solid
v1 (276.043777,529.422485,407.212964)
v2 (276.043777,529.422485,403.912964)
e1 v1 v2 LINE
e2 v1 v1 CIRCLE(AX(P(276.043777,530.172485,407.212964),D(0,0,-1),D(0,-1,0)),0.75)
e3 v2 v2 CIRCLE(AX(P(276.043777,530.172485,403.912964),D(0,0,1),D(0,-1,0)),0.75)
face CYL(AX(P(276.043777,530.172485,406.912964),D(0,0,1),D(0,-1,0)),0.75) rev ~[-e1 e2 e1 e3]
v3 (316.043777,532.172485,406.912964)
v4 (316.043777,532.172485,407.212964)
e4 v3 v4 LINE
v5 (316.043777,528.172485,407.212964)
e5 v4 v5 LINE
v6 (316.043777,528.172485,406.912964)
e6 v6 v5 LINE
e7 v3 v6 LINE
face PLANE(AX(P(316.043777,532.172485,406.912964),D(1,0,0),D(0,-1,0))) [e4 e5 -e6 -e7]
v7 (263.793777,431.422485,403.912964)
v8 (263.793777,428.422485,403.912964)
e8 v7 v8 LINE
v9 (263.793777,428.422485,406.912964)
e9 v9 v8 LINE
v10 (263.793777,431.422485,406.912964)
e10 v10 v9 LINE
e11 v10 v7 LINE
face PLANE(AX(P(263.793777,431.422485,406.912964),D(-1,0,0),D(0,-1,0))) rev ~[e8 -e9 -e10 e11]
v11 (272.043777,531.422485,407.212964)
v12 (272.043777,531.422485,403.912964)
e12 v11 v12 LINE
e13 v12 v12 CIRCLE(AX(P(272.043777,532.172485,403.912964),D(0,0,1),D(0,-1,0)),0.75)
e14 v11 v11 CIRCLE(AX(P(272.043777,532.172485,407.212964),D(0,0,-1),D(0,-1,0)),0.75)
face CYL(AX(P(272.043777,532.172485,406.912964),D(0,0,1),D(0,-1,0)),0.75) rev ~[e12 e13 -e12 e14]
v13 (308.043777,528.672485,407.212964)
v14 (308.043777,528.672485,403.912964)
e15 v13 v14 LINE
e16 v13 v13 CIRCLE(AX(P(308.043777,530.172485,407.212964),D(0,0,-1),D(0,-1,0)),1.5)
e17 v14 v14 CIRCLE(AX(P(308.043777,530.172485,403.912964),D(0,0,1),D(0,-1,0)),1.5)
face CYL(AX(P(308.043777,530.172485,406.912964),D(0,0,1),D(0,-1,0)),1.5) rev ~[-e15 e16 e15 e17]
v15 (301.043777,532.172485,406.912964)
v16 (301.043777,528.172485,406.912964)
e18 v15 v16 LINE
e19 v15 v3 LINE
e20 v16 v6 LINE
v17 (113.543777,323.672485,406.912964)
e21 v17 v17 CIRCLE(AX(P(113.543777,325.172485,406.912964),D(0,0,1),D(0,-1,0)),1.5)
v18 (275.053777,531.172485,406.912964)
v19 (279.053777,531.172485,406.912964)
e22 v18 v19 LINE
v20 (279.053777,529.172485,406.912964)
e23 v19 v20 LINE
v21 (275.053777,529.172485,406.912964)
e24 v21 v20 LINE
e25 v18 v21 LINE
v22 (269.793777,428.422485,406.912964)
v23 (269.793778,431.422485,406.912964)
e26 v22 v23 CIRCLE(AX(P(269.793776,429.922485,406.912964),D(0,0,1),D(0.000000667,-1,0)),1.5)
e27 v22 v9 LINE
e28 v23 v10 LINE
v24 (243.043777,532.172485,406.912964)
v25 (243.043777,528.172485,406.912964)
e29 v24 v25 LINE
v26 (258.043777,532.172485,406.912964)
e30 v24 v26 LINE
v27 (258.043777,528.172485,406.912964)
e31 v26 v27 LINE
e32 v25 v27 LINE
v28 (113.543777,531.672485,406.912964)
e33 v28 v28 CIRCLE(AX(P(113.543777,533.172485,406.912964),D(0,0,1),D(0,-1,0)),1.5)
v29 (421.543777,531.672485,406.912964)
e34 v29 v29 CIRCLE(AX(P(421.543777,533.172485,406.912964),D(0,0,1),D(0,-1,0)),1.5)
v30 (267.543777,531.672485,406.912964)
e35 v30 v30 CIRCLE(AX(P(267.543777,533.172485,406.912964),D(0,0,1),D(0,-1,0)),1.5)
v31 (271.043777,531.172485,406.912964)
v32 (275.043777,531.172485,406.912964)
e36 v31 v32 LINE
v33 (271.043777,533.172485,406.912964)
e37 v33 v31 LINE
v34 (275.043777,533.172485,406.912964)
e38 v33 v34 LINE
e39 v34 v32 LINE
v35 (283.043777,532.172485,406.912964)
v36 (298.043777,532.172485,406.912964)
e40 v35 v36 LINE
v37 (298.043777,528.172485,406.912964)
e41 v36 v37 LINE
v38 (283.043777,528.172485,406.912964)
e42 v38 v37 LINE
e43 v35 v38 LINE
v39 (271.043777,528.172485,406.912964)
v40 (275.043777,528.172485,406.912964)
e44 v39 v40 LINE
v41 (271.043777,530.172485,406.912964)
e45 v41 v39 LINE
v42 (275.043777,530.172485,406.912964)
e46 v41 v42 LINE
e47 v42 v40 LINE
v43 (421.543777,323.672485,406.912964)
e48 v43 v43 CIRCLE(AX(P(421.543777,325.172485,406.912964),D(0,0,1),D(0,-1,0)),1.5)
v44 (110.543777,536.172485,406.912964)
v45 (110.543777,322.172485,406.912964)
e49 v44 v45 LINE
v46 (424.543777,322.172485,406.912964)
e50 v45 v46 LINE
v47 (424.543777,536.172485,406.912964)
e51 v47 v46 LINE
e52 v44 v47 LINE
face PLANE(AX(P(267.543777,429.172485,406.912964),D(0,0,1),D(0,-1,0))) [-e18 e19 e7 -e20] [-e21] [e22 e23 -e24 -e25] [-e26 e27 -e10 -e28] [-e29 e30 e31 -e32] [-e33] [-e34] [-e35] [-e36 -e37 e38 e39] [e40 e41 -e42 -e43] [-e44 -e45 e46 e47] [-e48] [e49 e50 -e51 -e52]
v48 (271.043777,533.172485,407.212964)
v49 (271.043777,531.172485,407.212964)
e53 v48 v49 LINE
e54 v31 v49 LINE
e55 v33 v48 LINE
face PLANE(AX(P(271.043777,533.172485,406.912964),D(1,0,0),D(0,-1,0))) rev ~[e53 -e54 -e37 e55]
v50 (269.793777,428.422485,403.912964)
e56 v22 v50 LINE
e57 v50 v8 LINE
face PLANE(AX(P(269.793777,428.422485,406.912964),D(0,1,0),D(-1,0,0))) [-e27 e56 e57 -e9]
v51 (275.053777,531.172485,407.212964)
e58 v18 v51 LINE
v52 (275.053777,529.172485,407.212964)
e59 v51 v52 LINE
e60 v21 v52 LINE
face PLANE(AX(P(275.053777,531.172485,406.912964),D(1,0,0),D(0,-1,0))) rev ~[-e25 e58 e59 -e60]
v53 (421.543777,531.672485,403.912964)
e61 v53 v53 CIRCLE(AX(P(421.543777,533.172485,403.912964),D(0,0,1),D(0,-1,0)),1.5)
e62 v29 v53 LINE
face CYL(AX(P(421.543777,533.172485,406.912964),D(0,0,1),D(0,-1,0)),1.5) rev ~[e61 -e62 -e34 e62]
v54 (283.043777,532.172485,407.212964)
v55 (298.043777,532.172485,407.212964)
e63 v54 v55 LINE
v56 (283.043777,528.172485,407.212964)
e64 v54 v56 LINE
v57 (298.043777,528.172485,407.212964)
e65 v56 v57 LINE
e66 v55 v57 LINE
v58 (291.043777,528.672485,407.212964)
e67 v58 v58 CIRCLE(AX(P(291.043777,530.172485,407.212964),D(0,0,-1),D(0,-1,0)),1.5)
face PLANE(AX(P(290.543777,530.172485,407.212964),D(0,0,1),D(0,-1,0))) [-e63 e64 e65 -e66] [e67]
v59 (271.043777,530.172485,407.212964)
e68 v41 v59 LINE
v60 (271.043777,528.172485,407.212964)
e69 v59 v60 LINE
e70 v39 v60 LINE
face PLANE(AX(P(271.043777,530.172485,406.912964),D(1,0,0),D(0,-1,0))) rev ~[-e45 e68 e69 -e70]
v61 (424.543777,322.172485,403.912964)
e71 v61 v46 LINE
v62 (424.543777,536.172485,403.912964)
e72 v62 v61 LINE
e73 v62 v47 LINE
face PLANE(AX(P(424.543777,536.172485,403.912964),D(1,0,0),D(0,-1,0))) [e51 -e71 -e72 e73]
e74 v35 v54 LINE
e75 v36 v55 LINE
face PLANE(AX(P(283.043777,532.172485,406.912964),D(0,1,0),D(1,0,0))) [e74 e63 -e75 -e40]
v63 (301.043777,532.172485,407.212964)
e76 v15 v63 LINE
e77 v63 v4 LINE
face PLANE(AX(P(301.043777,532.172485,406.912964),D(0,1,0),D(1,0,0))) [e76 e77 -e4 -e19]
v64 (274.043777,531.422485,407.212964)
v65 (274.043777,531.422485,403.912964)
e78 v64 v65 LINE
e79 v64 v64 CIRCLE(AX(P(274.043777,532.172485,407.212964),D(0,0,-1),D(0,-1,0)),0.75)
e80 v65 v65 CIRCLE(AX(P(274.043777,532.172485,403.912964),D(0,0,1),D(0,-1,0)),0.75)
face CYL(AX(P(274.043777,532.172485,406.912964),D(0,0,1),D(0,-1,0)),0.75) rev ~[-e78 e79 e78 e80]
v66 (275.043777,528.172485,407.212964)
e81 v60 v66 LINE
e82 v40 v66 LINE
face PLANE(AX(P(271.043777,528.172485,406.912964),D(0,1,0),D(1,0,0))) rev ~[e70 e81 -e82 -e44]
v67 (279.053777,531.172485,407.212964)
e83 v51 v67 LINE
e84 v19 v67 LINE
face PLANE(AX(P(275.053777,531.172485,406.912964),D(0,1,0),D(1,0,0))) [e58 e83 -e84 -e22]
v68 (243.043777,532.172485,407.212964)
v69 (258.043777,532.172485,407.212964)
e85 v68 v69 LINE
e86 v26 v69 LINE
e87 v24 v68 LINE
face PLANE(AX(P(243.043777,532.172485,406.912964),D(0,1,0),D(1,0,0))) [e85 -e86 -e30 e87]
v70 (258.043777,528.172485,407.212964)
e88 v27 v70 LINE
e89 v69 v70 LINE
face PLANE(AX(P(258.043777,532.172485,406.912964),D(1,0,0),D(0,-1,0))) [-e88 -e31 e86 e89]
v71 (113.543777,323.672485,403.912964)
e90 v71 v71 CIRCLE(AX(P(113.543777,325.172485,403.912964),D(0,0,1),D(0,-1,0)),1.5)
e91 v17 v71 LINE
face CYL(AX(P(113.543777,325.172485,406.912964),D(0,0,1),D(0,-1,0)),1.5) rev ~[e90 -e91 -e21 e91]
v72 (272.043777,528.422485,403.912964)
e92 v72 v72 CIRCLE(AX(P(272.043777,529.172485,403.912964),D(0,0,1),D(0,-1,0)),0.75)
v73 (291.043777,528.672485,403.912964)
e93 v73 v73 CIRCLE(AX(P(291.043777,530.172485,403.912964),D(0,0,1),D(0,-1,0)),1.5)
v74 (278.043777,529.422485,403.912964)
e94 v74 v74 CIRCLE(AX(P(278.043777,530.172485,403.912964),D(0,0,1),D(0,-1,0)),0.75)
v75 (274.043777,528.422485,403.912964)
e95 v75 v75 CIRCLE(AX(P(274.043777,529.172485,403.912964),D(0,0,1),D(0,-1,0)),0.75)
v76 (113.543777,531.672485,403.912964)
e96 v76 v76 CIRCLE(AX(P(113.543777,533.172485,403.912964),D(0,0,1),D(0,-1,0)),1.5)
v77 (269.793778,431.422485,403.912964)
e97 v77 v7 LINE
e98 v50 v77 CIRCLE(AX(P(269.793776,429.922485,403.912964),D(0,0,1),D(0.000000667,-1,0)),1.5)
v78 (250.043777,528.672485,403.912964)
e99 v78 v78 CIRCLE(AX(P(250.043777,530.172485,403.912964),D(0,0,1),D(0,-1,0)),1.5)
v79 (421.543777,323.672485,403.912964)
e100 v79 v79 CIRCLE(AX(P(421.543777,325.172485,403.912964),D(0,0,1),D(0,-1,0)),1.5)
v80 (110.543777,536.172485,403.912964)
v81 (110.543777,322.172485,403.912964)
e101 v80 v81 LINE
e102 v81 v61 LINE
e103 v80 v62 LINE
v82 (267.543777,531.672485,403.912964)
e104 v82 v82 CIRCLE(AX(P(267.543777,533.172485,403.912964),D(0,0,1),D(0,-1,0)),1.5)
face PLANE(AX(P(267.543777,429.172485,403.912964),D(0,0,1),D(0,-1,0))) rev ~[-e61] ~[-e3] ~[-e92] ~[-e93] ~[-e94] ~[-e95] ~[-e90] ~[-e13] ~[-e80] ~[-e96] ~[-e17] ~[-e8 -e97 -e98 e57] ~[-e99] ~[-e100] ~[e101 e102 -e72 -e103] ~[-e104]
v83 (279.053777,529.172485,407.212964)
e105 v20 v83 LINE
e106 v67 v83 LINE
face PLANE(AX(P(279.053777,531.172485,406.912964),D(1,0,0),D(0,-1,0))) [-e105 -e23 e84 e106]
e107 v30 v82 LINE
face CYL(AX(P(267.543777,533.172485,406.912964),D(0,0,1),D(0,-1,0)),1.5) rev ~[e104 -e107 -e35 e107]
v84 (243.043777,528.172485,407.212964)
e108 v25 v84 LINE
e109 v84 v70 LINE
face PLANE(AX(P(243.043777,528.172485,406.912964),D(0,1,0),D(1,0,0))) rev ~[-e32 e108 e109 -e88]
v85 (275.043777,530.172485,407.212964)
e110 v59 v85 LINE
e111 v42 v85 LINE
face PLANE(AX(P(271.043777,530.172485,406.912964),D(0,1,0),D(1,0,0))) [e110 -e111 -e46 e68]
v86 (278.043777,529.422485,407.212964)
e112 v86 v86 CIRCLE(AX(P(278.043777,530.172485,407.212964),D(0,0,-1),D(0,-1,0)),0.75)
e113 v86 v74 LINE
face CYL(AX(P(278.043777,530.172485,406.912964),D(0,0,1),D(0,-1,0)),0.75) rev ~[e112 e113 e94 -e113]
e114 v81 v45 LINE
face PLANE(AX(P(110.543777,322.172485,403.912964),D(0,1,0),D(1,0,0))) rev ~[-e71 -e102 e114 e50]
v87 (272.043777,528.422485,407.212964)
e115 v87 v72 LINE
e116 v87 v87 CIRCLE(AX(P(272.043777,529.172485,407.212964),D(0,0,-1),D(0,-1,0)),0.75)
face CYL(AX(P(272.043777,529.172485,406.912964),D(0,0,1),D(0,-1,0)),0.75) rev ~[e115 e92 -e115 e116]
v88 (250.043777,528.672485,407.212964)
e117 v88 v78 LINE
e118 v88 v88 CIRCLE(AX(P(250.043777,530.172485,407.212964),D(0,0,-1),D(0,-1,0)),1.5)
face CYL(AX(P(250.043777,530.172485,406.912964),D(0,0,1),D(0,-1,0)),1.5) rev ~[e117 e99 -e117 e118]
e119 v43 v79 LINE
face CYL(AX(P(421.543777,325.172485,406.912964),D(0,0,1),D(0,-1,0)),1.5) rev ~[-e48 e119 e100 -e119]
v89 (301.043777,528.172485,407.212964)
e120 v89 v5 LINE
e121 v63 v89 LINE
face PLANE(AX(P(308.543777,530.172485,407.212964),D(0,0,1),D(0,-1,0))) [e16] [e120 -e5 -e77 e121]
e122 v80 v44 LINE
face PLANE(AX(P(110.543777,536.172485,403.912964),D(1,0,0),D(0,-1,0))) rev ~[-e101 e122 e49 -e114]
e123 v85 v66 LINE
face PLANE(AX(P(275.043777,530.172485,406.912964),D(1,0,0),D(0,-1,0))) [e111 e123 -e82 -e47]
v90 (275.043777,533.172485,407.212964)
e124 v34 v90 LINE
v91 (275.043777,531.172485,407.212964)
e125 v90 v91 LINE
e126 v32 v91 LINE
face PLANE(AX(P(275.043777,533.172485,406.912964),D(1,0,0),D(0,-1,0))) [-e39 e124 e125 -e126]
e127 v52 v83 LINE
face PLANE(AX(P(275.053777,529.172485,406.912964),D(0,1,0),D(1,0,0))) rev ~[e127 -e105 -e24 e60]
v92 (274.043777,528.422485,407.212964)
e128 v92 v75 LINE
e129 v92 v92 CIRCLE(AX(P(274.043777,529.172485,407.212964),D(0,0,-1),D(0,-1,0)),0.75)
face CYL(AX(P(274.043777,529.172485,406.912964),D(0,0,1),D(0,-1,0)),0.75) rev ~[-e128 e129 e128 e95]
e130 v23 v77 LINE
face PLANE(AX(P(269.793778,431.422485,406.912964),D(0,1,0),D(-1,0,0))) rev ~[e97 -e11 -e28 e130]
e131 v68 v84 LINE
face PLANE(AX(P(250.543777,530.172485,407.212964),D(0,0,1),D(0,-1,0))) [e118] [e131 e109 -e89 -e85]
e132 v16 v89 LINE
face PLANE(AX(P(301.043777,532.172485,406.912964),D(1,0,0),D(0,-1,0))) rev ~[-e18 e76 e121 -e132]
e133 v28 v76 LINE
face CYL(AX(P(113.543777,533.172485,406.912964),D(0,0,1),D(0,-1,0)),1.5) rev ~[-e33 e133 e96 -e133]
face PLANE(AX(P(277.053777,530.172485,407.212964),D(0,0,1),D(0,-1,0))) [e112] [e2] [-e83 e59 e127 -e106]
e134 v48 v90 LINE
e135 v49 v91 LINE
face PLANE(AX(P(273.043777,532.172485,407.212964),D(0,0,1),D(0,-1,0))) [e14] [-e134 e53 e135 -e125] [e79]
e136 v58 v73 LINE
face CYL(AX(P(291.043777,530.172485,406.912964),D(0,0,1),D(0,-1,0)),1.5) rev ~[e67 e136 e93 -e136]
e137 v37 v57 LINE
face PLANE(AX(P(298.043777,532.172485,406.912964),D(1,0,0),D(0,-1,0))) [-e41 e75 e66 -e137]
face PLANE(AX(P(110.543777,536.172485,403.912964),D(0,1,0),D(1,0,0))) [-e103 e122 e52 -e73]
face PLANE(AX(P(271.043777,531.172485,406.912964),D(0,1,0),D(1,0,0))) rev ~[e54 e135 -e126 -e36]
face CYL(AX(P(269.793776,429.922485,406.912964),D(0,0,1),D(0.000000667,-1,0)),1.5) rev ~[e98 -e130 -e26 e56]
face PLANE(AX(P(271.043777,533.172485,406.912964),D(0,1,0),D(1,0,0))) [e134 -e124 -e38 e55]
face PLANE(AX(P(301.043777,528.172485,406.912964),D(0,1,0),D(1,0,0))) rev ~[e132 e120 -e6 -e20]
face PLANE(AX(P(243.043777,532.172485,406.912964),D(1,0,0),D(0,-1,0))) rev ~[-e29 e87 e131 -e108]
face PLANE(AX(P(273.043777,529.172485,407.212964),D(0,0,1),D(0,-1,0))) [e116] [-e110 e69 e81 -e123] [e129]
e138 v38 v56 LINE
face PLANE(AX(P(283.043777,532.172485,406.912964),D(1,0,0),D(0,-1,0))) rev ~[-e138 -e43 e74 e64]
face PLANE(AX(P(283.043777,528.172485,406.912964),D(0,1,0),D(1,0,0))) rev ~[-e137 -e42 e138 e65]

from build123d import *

# Parameters (mm, degrees)
SKETCH001_W       = 214
SKETCH001_H       = 314
PAD_DEPTH         = 3
SKETCH_W          = 4
SKETCH_H          = 15
SKETCH_W_2        = 2
SKETCH_H_2        = 4
PAD001_DEPTH      = 0.3
SKETCH002_R       = 1.5
SKETCH002_R_2     = 0.75
POCKET_DEPTH      = 3.001
POCKET_DEPTH_BACK = -0.301


with BuildPart() as part:
    # Sketch001 → Pad (new body)
    with BuildSketch(Plane(origin=(110.543777, 322.172485, 403.912964), x_dir=(0, -1, 0), z_dir=(0, 0, 1))):
        with Locations((-107, 157)):
            Rectangle(SKETCH001_W, SKETCH001_H)
    extrude(amount=PAD_DEPTH)

    # Sketch → Pad001 (new body)
    with BuildSketch(Plane(origin=(110.543777, 322.172485, 406.912964), x_dir=(0, -1, 0), z_dir=(0, 0, 1))):
        with Locations((-208, 140)):
            Rectangle(SKETCH_W, SKETCH_H)
        with Locations((-208, 180)):
            Rectangle(SKETCH_W, SKETCH_H)
        with Locations((-208, 198)):
            Rectangle(SKETCH_W, SKETCH_H)
        with Locations((-210, 162.5)):
            Rectangle(SKETCH_W_2, SKETCH_H_2)
        with Locations((-207, 162.5)):
            Rectangle(SKETCH_W_2, SKETCH_H_2)
        with Locations((-208, 166.51)):
            Rectangle(SKETCH_W_2, SKETCH_H_2)
    extrude(amount=PAD001_DEPTH)

    # Sketch002 → Pocket (cut, two sides)
    with BuildSketch(Plane(origin=(110.543777, 322.172485, 406.912964), x_dir=(0, -1, 0), z_dir=(0, 0, 1))) as pocket_sk:
        with Locations((-208, 139.5)):
            Circle(SKETCH002_R)
        with Locations((-211, 157)):
            Circle(SKETCH002_R)
        with Locations((-210, 161.5)):
            Circle(SKETCH002_R_2)
        with Locations((-210, 163.5)):
            Circle(SKETCH002_R_2)
        with Locations((-207, 161.5)):
            Circle(SKETCH002_R_2)
        with Locations((-207, 163.5)):
            Circle(SKETCH002_R_2)
        with Locations((-208, 167.5)):
            Circle(SKETCH002_R_2)
        with Locations((-208, 165.5)):
            Circle(SKETCH002_R_2)
        with Locations((-208, 180.5)):
            Circle(SKETCH002_R)
        with Locations((-208, 197.5)):
            Circle(SKETCH002_R)
        with Locations((-211, 311)):
            Circle(SKETCH002_R)
        with Locations((-211, 3)):
            Circle(SKETCH002_R)
        with Locations((-3, 3)):
            Circle(SKETCH002_R)
        with Locations((-3, 311)):
            Circle(SKETCH002_R)
        with BuildLine():
            Line((-109.25, 159.250001), (-109.25, 153.25))
            Line((-109.25, 153.25), (-106.25, 153.25))
            Line((-106.25, 159.25), (-106.25, 153.25))
            ThreePointArc((-106.25, 159.25), (-107.75, 160.749999), (-109.25, 159.250001))
        make_face()
    extrude(amount=-POCKET_DEPTH, mode=Mode.SUBTRACT)
    extrude(pocket_sk.sketch, amount=-POCKET_DEPTH_BACK, mode=Mode.SUBTRACT)


solid = part.part
